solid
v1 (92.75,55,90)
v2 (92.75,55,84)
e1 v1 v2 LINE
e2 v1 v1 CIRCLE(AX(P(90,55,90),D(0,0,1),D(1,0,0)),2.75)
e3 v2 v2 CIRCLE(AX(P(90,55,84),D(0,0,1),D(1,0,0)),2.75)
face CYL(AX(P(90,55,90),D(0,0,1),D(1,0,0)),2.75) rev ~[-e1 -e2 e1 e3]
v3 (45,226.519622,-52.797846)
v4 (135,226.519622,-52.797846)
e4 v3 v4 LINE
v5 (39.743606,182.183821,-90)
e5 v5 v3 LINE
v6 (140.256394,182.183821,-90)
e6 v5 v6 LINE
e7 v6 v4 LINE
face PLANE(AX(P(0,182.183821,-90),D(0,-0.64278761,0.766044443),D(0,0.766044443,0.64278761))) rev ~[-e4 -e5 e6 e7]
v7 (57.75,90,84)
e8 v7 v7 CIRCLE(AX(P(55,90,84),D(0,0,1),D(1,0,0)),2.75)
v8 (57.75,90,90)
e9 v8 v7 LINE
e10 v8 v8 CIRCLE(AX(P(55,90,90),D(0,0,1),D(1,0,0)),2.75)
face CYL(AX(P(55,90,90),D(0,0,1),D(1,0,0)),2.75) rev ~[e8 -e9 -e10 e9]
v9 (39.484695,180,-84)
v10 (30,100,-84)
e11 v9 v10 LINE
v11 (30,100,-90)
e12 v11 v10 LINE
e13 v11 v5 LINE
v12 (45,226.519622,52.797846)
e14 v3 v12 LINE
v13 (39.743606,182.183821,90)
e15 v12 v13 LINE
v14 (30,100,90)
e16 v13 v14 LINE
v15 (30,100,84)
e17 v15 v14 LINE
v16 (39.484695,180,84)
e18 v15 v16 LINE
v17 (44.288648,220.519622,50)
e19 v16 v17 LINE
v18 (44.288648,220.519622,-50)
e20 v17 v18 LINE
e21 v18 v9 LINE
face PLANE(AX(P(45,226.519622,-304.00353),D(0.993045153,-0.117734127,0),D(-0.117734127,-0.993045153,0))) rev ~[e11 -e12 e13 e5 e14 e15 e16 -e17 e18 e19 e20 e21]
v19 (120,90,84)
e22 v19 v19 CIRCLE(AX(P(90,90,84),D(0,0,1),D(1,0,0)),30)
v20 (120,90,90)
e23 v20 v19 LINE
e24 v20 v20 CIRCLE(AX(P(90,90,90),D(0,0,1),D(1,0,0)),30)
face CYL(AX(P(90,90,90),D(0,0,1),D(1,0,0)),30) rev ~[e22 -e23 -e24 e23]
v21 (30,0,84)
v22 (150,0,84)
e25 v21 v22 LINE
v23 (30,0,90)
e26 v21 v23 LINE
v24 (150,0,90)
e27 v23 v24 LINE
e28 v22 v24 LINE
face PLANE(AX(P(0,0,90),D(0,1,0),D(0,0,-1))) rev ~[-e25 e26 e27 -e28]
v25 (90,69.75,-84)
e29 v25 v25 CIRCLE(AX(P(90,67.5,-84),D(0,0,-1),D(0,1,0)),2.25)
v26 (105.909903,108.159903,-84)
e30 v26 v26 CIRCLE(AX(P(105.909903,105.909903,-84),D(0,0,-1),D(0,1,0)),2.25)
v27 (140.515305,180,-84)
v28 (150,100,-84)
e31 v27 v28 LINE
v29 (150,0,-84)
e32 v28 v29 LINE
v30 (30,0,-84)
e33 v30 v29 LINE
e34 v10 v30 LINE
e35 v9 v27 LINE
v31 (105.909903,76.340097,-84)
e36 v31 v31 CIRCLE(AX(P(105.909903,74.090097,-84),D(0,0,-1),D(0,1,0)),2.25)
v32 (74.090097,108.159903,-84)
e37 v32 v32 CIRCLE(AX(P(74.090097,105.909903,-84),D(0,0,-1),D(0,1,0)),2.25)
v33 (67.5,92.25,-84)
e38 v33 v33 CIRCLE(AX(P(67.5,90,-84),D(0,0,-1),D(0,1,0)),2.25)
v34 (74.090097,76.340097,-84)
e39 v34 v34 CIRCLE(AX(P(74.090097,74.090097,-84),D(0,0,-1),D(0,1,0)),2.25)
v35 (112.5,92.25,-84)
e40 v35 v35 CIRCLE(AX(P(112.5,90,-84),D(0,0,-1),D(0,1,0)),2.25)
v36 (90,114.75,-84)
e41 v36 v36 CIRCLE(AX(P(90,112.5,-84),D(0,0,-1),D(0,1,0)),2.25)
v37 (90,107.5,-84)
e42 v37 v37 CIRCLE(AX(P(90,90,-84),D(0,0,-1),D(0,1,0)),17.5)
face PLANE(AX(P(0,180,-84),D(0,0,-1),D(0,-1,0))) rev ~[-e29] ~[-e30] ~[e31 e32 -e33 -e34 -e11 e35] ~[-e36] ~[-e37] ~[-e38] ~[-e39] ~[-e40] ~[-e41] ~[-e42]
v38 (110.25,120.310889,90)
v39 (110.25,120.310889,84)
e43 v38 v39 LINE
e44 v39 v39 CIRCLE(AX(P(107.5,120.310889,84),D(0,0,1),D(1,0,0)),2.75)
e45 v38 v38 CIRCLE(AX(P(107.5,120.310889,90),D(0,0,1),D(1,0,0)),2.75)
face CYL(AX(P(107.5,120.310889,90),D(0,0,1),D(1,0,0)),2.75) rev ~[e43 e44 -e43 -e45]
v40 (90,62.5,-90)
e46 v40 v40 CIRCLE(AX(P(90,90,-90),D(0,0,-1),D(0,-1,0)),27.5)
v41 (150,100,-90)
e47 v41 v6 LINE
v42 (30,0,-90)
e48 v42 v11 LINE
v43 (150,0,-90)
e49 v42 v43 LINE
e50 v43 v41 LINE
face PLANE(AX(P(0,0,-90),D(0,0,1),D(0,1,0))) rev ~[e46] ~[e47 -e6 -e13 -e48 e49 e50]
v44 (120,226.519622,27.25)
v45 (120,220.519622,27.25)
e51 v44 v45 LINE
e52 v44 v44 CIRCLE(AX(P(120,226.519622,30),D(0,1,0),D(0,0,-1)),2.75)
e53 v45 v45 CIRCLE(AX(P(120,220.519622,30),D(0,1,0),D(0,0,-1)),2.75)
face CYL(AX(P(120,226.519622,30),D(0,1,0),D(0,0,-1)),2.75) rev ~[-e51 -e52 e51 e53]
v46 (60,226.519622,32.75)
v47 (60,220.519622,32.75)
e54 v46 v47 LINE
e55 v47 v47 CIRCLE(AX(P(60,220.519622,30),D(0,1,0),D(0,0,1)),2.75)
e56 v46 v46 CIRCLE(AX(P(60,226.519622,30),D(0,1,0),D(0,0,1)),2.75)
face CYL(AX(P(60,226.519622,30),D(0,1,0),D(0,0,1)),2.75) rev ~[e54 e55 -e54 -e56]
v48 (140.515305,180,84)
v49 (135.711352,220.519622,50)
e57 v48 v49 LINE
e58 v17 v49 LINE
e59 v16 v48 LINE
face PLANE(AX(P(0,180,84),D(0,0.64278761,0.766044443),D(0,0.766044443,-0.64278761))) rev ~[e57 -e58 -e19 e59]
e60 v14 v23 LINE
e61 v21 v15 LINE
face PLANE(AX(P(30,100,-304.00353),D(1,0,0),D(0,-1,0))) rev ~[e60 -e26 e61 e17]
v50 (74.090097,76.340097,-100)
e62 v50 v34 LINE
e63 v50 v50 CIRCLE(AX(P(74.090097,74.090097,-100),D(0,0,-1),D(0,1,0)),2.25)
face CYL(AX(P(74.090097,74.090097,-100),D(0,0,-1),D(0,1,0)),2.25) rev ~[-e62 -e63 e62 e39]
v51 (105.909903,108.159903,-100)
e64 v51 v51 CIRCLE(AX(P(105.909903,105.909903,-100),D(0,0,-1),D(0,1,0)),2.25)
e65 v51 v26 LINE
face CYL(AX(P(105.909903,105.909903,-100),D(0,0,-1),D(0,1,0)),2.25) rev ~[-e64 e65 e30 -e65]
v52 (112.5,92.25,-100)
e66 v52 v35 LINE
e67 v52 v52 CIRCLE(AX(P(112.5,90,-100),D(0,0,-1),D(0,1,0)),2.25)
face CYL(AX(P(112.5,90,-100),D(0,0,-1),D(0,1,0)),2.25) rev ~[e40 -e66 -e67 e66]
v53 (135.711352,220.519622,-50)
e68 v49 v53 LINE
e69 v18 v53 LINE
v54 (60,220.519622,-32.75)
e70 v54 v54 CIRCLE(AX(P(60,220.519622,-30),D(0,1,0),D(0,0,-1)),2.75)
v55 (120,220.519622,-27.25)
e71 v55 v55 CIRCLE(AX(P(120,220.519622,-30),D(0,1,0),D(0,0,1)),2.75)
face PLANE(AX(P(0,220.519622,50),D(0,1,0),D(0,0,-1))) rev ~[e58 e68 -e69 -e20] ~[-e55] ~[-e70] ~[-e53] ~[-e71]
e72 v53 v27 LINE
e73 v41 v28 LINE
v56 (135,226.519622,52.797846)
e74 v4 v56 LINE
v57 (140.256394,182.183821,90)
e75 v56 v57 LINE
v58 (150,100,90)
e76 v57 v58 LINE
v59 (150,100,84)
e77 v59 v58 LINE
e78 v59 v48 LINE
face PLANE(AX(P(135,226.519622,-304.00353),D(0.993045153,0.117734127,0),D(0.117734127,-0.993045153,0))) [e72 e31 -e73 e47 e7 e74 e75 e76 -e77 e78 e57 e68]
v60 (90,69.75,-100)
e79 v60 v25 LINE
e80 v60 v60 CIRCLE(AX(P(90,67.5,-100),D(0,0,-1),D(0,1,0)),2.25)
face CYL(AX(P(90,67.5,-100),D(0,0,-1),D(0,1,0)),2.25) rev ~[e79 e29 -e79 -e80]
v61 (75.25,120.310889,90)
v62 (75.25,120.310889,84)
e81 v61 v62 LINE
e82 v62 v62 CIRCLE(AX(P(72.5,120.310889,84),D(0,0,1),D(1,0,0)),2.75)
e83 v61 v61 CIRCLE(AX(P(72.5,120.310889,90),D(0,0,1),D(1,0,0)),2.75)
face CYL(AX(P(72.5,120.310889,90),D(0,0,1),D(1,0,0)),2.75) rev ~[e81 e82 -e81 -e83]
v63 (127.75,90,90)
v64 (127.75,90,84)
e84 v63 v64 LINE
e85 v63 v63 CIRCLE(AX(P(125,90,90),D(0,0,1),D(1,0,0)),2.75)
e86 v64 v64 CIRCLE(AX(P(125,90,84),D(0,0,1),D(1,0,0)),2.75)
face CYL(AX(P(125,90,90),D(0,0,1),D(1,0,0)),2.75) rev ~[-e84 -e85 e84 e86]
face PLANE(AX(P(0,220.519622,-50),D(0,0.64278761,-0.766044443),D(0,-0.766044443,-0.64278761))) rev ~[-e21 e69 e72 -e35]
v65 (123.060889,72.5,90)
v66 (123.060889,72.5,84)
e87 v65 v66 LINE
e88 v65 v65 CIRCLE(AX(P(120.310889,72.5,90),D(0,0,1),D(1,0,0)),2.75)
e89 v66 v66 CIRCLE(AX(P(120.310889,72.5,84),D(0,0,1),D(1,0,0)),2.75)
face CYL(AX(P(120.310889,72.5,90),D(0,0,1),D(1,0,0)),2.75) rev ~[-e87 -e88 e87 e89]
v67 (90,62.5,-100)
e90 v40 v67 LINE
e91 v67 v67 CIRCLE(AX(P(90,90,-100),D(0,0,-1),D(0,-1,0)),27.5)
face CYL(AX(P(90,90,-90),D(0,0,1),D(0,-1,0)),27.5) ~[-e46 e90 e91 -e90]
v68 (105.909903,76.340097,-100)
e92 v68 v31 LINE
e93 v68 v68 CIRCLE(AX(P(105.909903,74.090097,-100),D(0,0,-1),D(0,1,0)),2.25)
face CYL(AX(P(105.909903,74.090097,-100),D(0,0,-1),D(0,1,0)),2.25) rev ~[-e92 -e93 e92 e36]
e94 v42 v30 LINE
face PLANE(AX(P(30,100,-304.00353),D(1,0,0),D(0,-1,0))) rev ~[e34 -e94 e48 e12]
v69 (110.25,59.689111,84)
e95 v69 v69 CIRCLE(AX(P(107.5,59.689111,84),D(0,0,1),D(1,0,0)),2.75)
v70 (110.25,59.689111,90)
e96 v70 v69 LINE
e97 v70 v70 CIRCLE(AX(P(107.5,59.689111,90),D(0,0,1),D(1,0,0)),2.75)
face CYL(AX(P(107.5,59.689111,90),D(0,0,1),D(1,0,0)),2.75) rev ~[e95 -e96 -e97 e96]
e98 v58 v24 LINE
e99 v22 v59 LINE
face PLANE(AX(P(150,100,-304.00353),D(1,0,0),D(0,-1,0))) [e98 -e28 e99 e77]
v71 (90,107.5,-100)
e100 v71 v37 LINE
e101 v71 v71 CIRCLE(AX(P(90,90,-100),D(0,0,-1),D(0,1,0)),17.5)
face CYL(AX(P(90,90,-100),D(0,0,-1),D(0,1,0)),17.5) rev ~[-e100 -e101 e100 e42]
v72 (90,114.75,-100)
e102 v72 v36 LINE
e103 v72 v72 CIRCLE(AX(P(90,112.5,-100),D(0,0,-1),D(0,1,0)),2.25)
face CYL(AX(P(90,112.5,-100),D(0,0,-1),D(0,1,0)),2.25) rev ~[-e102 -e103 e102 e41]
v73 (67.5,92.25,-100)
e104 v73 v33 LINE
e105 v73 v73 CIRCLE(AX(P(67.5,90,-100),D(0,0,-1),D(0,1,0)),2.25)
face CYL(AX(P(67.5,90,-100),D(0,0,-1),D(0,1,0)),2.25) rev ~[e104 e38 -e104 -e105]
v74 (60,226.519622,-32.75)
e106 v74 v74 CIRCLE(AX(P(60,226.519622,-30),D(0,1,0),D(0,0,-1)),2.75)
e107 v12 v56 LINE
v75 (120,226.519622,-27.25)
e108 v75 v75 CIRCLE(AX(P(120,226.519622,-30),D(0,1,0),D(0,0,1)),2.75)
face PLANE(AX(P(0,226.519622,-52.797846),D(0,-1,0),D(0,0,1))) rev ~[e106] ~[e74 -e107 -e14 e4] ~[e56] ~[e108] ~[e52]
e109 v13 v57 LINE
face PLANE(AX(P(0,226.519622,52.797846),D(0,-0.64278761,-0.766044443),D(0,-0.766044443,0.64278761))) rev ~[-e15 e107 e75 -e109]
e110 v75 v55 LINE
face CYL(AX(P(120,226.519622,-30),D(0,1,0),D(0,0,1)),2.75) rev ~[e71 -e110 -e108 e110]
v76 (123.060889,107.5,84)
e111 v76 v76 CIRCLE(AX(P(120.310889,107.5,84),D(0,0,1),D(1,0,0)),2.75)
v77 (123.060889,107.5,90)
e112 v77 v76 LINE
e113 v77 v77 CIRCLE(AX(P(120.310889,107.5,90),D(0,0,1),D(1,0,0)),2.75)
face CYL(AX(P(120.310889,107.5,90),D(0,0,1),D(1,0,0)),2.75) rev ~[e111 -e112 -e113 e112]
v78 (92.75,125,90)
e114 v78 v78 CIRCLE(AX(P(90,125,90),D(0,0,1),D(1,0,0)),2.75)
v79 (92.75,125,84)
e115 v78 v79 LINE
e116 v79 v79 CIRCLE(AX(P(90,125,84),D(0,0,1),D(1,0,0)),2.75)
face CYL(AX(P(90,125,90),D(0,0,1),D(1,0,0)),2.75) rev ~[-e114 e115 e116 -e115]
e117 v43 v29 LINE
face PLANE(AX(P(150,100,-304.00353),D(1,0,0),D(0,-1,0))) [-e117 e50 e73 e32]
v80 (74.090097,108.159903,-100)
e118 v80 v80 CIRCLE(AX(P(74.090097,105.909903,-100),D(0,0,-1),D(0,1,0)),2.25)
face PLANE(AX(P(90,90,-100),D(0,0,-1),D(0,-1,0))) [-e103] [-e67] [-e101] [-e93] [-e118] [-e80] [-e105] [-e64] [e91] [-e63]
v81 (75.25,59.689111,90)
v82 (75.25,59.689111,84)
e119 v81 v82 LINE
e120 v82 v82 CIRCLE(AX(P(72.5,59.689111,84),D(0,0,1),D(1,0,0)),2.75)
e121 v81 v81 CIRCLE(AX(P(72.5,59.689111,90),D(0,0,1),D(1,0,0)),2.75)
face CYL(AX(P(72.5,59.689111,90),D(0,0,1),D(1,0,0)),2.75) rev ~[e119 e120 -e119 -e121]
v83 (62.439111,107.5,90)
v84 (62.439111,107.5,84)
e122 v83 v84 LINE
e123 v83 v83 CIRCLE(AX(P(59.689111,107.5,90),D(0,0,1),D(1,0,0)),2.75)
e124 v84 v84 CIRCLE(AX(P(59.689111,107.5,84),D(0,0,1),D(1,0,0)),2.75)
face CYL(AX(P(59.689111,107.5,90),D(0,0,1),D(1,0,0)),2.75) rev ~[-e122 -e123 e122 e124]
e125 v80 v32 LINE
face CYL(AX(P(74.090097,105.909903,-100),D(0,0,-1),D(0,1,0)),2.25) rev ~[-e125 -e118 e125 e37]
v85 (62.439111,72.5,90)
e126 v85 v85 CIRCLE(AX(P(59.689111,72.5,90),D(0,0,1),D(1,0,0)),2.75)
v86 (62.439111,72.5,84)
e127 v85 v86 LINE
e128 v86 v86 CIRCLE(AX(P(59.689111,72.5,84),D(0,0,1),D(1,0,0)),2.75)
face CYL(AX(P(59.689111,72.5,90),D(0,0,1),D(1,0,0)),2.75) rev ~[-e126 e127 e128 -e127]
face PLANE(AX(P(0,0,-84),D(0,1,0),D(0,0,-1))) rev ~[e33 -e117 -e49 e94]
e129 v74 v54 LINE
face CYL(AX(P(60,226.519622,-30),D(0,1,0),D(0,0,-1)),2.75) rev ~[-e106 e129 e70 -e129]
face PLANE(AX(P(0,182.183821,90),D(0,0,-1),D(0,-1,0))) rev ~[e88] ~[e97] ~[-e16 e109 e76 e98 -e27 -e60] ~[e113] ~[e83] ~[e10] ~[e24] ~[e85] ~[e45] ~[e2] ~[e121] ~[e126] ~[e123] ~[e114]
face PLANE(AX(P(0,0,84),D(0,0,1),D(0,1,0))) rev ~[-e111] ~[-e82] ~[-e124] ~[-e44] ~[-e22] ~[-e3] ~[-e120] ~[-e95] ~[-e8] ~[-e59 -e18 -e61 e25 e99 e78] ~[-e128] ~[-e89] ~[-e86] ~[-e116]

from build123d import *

# Parameters (mm, degrees)
EXTRUDE_1_DEPTH          = 180
CUT_EXTRUDE_1_DEPTH      = 304.003530042
CUT_EXTRUDE_1_DEPTH_BACK = 304.003530042
SKETCH_14_R              = 30
SKETCH_14_R_2            = 2.75
CUT_EXTRUDE_3_DEPTH      = 50
SKETCH_15_R              = 27.5
EXTRUDE_3_DEPTH          = 10
SKETCH_16_R              = 17.5
SKETCH_16_R_2            = 2.25
CUT_EXTRUDE_4_DEPTH      = 32.5
SKETCH_17_R              = 2.75
CUT_EXTRUDE_5_DEPTH      = 6


with BuildPart() as part:
    # 草图11 → 拉伸-薄壁1 (new body)
    with BuildSketch(Plane(origin=(0, 0, 0), x_dir=(0, 0, -1), z_dir=(1, 0, 0))):
        Polygon((-84, 0), (-84, 180), (-50, 220.519622148), (50, 220.519622148), (84, 180), (84, 0), (90, 0), (90, 182.183821406), (52.797845949, 226.519622148), (-52.797845949, 226.519622148), (-90, 182.183821406), (-90, 0), align=None)
    extrude(amount=EXTRUDE_1_DEPTH)

    # 草图12 → 切除-拉伸1 (cut, two sides: drawn at the far end of the back side and taken through both)
    with BuildSketch(Plane.XY.offset(-CUT_EXTRUDE_1_DEPTH_BACK)):
        Polygon((0, 0), (0, 226.519622148), (45, 226.519622148), (30, 100), (30, 0), align=None)
        Polygon((150, 0), (180, 0), (180, 226.519622148), (135, 226.519622148), (150, 100), align=None)
    extrude(amount=CUT_EXTRUDE_1_DEPTH + CUT_EXTRUDE_1_DEPTH_BACK, mode=Mode.SUBTRACT)

    # 草图14 → 切除-拉伸3 (cut)
    with BuildSketch(Plane.XY.offset(90)):
        with Locations((90, 90)):
            Circle(SKETCH_14_R)
        with Locations((90, 125)):
            Circle(SKETCH_14_R_2)
        with Locations((107.5, 120.310889132)):
            Circle(SKETCH_14_R_2)
        with Locations((120.310889132, 107.5)):
            Circle(SKETCH_14_R_2)
        with Locations((125, 90)):
            Circle(SKETCH_14_R_2)
        with Locations((120.310889132, 72.5)):
            Circle(SKETCH_14_R_2)
        with Locations((107.5, 59.689110868)):
            Circle(SKETCH_14_R_2)
        with Locations((90, 55)):
            Circle(SKETCH_14_R_2)
        with Locations((72.5, 59.689110868)):
            Circle(SKETCH_14_R_2)
        with Locations((59.689110868, 72.5)):
            Circle(SKETCH_14_R_2)
        with Locations((55, 90)):
            Circle(SKETCH_14_R_2)
        with Locations((59.689110868, 107.5)):
            Circle(SKETCH_14_R_2)
        with Locations((72.5, 120.310889132)):
            Circle(SKETCH_14_R_2)
    extrude(amount=-CUT_EXTRUDE_3_DEPTH, mode=Mode.SUBTRACT)

    # 草图15 → 凸台-拉伸3 (add)
    with BuildSketch(Plane(origin=(0, 0, -90), x_dir=(-1, 0, 0), z_dir=(0, 0, -1))):
        with Locations(Location((-90, 90, 0), (0, 0, 270))):
            Circle(SKETCH_15_R)
    extrude(amount=EXTRUDE_3_DEPTH)

    # 草图16 → 切除-拉伸4 (cut)
    with BuildSketch(Plane(origin=(0, 0, -100), x_dir=(-1, 0, 0), z_dir=(0, 0, -1))):
        with Locations(Location((-90, 90, 0), (0, 0, 90))):
            Circle(SKETCH_16_R)
        with Locations(Location((-67.5, 90, 0), (0, 0, 90))):
            Circle(SKETCH_16_R_2)
        with Locations(Location((-74.090097423, 74.090097423, 0), (0, 0, 90))):
            Circle(SKETCH_16_R_2)
        with Locations(Location((-90, 67.5, 0), (0, 0, 90))):
            Circle(SKETCH_16_R_2)
        with Locations(Location((-105.909902577, 74.090097423, 0), (0, 0, 90))):
            Circle(SKETCH_16_R_2)
        with Locations(Location((-112.5, 90, 0), (0, 0, 90))):
            Circle(SKETCH_16_R_2)
        with Locations(Location((-105.909902577, 105.909902577, 0), (0, 0, 90))):
            Circle(SKETCH_16_R_2)
        with Locations(Location((-90, 112.5, 0), (0, 0, 90))):
            Circle(SKETCH_16_R_2)
        with Locations(Location((-74.090097423, 105.909902577, 0), (0, 0, 90))):
            Circle(SKETCH_16_R_2)
    extrude(amount=-CUT_EXTRUDE_4_DEPTH, mode=Mode.SUBTRACT)

    # 草图17 → 切除-拉伸5 (cut)
    with BuildSketch(Plane(origin=(0, 226.519622148, 0), x_dir=(1, 0, 0), z_dir=(0, 1, 0))):
        with Locations(Location((120, 30, 0), (0, 0, 270))):
            Circle(SKETCH_17_R)
        with Locations(Location((120, -30, 0), (0, 0, 90))):
            Circle(SKETCH_17_R)
        with Locations(Location((60, -30, 0), (0, 0, 270))):
            Circle(SKETCH_17_R)
        with Locations(Location((60, 30, 0), (0, 0, 90))):
            Circle(SKETCH_17_R)
    extrude(amount=-CUT_EXTRUDE_5_DEPTH, mode=Mode.SUBTRACT)


solid = part.part
